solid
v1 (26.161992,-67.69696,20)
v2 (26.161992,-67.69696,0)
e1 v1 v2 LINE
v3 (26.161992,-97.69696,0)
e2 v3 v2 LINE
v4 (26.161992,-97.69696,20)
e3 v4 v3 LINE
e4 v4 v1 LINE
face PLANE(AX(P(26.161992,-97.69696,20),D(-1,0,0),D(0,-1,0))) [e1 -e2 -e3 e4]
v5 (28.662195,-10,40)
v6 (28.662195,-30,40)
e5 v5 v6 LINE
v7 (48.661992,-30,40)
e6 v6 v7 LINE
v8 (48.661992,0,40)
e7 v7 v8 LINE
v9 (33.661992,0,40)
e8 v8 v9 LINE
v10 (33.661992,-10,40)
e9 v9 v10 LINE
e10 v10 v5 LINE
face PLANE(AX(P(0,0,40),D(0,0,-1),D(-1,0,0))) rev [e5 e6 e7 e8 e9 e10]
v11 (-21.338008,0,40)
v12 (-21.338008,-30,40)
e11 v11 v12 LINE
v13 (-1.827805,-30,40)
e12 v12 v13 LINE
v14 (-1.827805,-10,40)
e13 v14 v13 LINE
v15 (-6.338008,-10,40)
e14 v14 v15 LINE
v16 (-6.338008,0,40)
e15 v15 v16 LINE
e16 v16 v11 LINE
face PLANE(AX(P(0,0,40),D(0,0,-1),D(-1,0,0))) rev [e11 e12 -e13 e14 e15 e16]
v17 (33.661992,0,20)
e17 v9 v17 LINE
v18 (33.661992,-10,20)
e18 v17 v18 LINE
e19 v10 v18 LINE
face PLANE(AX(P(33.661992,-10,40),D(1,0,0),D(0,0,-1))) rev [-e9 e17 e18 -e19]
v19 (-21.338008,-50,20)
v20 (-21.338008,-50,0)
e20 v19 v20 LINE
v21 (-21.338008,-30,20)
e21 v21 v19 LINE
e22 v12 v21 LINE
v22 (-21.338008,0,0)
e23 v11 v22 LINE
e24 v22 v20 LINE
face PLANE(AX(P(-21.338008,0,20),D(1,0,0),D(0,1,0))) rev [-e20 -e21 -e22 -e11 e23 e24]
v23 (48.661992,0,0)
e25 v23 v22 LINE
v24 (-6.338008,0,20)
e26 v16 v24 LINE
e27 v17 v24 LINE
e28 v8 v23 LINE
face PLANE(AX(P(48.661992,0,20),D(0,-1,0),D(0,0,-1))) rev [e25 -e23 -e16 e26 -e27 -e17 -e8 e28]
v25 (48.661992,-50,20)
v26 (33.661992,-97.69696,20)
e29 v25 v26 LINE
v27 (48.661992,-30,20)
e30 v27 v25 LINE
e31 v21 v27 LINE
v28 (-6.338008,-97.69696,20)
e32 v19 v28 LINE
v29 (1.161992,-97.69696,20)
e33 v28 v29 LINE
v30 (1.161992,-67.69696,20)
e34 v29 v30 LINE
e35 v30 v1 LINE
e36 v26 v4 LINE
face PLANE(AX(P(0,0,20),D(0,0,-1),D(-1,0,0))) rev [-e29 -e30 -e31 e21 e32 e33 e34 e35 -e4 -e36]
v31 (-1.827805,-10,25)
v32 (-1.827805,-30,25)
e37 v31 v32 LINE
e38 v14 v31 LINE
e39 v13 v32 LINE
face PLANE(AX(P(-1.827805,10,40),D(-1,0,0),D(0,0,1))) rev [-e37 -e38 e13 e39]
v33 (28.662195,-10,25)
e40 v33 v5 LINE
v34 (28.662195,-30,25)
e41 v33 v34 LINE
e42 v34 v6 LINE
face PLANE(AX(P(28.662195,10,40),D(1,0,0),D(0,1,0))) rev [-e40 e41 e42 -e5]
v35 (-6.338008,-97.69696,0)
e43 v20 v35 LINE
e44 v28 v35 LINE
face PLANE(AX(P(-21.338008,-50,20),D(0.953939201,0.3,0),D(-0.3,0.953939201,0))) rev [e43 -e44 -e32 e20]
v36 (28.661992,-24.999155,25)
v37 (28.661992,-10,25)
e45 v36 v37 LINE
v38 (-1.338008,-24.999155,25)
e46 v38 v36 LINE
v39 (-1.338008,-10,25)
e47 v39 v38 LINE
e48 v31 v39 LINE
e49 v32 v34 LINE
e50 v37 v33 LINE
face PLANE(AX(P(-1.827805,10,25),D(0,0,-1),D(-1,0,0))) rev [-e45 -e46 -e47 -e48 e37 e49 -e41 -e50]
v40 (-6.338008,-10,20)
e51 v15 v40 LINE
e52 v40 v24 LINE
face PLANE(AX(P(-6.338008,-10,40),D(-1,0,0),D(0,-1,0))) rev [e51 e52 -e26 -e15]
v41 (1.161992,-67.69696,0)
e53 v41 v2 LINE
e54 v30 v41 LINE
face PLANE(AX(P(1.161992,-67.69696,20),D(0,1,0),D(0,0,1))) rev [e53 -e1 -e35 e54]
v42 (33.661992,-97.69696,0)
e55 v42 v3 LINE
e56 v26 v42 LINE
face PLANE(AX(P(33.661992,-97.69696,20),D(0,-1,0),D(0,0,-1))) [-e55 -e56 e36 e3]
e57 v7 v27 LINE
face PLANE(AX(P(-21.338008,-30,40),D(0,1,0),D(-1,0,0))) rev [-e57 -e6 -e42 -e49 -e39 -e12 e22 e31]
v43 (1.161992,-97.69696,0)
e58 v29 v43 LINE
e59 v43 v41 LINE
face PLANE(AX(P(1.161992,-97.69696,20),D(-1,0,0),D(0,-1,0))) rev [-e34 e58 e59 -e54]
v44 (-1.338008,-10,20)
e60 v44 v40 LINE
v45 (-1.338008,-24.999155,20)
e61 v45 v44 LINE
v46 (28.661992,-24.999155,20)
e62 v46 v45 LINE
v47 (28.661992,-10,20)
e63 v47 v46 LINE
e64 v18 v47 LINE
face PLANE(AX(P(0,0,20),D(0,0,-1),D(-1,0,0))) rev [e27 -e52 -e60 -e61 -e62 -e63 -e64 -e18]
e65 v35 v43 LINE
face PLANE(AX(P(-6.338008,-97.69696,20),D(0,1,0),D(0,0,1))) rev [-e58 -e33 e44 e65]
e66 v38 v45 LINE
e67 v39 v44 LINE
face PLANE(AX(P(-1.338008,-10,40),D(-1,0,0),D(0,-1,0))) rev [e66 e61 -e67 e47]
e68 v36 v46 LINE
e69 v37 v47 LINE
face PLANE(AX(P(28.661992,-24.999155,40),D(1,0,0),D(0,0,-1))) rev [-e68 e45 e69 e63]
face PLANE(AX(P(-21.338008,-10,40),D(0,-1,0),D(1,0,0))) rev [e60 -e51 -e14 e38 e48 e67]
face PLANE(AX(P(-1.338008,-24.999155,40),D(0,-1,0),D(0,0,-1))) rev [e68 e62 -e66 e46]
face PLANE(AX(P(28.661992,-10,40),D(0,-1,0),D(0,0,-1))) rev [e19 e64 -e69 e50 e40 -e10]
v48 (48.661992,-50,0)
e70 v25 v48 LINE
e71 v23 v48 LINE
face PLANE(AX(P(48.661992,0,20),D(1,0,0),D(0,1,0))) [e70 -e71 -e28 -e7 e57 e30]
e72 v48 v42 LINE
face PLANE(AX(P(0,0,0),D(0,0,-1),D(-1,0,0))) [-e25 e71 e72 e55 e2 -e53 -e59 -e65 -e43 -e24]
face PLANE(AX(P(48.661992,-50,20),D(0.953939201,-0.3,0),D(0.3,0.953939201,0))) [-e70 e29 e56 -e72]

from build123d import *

# Parameters (mm, degrees)
BOSS_EXTRUDE1_DEPTH = 20
SKETCH2_W           = 15
SKETCH2_H           = 10
BOSS_EXTRUDE3_DEPTH = 40
BOSS_EXTRUDE5_DEPTH = 40
SKETCH6_W           = 30
SKETCH6_H           = 15
CUT_EXTRUDE2_DEPTH  = 40
SKETCH8_W           = 0.49
SKETCH8_H           = 15
CUT_EXTRUDE4_DEPTH  = 40


with BuildPart() as part:
    # Sketch1 → Boss-Extrude1 (new body)
    with BuildSketch(Plane.XY):
        Polygon((26.1619919, -97.696960071), (26.1619919, -67.696960071), (1.1619919, -67.696960071), (1.1619919, -97.696960071), (-6.3380081, -97.696960071), (-21.3380081, -50), (-21.3380081, 0), (48.6619919, 0), (48.6619919, -50), (33.6619919, -97.696960071), align=None)
    extrude(amount=BOSS_EXTRUDE1_DEPTH)

    # Sketch2 → Boss-Extrude3 (add)
    with BuildSketch(Plane.XY):
        with Locations((41.1619919, -5)):
            Rectangle(SKETCH2_W, SKETCH2_H)
        with Locations((-13.8380081, -5)):
            Rectangle(SKETCH2_W, SKETCH2_H)
    extrude(amount=BOSS_EXTRUDE3_DEPTH)

    # Sketch4 → Boss-Extrude5 (add)
    with BuildSketch(Plane.XY):
        Polygon((-21.3380081, -30), (48.6619919, -30), (48.6619919, -10), (28.6619919, -10), (28.6619919, -24.999154542), (13.6619919, -24.999154542), (-1.3380081, -24.999154542), (-1.3380081, -10), (-21.3380081, -10), align=None)
    extrude(amount=BOSS_EXTRUDE5_DEPTH)

    # Sketch6 → Cut-Extrude2 (cut)
    with BuildSketch(Plane.XZ.offset(30)):
        with Locations((13.172194731, 32.5)):
            Rectangle(SKETCH6_W, SKETCH6_H)
    extrude(amount=-CUT_EXTRUDE2_DEPTH, mode=Mode.SUBTRACT)

    # Sketch8 → Cut-Extrude4 (cut)
    with BuildSketch(Plane.XZ.offset(30)):
        with Locations((28.417194731, 32.5)):
            Rectangle(SKETCH8_W, SKETCH8_H)
    extrude(amount=-CUT_EXTRUDE4_DEPTH, mode=Mode.SUBTRACT)


solid = part.part
